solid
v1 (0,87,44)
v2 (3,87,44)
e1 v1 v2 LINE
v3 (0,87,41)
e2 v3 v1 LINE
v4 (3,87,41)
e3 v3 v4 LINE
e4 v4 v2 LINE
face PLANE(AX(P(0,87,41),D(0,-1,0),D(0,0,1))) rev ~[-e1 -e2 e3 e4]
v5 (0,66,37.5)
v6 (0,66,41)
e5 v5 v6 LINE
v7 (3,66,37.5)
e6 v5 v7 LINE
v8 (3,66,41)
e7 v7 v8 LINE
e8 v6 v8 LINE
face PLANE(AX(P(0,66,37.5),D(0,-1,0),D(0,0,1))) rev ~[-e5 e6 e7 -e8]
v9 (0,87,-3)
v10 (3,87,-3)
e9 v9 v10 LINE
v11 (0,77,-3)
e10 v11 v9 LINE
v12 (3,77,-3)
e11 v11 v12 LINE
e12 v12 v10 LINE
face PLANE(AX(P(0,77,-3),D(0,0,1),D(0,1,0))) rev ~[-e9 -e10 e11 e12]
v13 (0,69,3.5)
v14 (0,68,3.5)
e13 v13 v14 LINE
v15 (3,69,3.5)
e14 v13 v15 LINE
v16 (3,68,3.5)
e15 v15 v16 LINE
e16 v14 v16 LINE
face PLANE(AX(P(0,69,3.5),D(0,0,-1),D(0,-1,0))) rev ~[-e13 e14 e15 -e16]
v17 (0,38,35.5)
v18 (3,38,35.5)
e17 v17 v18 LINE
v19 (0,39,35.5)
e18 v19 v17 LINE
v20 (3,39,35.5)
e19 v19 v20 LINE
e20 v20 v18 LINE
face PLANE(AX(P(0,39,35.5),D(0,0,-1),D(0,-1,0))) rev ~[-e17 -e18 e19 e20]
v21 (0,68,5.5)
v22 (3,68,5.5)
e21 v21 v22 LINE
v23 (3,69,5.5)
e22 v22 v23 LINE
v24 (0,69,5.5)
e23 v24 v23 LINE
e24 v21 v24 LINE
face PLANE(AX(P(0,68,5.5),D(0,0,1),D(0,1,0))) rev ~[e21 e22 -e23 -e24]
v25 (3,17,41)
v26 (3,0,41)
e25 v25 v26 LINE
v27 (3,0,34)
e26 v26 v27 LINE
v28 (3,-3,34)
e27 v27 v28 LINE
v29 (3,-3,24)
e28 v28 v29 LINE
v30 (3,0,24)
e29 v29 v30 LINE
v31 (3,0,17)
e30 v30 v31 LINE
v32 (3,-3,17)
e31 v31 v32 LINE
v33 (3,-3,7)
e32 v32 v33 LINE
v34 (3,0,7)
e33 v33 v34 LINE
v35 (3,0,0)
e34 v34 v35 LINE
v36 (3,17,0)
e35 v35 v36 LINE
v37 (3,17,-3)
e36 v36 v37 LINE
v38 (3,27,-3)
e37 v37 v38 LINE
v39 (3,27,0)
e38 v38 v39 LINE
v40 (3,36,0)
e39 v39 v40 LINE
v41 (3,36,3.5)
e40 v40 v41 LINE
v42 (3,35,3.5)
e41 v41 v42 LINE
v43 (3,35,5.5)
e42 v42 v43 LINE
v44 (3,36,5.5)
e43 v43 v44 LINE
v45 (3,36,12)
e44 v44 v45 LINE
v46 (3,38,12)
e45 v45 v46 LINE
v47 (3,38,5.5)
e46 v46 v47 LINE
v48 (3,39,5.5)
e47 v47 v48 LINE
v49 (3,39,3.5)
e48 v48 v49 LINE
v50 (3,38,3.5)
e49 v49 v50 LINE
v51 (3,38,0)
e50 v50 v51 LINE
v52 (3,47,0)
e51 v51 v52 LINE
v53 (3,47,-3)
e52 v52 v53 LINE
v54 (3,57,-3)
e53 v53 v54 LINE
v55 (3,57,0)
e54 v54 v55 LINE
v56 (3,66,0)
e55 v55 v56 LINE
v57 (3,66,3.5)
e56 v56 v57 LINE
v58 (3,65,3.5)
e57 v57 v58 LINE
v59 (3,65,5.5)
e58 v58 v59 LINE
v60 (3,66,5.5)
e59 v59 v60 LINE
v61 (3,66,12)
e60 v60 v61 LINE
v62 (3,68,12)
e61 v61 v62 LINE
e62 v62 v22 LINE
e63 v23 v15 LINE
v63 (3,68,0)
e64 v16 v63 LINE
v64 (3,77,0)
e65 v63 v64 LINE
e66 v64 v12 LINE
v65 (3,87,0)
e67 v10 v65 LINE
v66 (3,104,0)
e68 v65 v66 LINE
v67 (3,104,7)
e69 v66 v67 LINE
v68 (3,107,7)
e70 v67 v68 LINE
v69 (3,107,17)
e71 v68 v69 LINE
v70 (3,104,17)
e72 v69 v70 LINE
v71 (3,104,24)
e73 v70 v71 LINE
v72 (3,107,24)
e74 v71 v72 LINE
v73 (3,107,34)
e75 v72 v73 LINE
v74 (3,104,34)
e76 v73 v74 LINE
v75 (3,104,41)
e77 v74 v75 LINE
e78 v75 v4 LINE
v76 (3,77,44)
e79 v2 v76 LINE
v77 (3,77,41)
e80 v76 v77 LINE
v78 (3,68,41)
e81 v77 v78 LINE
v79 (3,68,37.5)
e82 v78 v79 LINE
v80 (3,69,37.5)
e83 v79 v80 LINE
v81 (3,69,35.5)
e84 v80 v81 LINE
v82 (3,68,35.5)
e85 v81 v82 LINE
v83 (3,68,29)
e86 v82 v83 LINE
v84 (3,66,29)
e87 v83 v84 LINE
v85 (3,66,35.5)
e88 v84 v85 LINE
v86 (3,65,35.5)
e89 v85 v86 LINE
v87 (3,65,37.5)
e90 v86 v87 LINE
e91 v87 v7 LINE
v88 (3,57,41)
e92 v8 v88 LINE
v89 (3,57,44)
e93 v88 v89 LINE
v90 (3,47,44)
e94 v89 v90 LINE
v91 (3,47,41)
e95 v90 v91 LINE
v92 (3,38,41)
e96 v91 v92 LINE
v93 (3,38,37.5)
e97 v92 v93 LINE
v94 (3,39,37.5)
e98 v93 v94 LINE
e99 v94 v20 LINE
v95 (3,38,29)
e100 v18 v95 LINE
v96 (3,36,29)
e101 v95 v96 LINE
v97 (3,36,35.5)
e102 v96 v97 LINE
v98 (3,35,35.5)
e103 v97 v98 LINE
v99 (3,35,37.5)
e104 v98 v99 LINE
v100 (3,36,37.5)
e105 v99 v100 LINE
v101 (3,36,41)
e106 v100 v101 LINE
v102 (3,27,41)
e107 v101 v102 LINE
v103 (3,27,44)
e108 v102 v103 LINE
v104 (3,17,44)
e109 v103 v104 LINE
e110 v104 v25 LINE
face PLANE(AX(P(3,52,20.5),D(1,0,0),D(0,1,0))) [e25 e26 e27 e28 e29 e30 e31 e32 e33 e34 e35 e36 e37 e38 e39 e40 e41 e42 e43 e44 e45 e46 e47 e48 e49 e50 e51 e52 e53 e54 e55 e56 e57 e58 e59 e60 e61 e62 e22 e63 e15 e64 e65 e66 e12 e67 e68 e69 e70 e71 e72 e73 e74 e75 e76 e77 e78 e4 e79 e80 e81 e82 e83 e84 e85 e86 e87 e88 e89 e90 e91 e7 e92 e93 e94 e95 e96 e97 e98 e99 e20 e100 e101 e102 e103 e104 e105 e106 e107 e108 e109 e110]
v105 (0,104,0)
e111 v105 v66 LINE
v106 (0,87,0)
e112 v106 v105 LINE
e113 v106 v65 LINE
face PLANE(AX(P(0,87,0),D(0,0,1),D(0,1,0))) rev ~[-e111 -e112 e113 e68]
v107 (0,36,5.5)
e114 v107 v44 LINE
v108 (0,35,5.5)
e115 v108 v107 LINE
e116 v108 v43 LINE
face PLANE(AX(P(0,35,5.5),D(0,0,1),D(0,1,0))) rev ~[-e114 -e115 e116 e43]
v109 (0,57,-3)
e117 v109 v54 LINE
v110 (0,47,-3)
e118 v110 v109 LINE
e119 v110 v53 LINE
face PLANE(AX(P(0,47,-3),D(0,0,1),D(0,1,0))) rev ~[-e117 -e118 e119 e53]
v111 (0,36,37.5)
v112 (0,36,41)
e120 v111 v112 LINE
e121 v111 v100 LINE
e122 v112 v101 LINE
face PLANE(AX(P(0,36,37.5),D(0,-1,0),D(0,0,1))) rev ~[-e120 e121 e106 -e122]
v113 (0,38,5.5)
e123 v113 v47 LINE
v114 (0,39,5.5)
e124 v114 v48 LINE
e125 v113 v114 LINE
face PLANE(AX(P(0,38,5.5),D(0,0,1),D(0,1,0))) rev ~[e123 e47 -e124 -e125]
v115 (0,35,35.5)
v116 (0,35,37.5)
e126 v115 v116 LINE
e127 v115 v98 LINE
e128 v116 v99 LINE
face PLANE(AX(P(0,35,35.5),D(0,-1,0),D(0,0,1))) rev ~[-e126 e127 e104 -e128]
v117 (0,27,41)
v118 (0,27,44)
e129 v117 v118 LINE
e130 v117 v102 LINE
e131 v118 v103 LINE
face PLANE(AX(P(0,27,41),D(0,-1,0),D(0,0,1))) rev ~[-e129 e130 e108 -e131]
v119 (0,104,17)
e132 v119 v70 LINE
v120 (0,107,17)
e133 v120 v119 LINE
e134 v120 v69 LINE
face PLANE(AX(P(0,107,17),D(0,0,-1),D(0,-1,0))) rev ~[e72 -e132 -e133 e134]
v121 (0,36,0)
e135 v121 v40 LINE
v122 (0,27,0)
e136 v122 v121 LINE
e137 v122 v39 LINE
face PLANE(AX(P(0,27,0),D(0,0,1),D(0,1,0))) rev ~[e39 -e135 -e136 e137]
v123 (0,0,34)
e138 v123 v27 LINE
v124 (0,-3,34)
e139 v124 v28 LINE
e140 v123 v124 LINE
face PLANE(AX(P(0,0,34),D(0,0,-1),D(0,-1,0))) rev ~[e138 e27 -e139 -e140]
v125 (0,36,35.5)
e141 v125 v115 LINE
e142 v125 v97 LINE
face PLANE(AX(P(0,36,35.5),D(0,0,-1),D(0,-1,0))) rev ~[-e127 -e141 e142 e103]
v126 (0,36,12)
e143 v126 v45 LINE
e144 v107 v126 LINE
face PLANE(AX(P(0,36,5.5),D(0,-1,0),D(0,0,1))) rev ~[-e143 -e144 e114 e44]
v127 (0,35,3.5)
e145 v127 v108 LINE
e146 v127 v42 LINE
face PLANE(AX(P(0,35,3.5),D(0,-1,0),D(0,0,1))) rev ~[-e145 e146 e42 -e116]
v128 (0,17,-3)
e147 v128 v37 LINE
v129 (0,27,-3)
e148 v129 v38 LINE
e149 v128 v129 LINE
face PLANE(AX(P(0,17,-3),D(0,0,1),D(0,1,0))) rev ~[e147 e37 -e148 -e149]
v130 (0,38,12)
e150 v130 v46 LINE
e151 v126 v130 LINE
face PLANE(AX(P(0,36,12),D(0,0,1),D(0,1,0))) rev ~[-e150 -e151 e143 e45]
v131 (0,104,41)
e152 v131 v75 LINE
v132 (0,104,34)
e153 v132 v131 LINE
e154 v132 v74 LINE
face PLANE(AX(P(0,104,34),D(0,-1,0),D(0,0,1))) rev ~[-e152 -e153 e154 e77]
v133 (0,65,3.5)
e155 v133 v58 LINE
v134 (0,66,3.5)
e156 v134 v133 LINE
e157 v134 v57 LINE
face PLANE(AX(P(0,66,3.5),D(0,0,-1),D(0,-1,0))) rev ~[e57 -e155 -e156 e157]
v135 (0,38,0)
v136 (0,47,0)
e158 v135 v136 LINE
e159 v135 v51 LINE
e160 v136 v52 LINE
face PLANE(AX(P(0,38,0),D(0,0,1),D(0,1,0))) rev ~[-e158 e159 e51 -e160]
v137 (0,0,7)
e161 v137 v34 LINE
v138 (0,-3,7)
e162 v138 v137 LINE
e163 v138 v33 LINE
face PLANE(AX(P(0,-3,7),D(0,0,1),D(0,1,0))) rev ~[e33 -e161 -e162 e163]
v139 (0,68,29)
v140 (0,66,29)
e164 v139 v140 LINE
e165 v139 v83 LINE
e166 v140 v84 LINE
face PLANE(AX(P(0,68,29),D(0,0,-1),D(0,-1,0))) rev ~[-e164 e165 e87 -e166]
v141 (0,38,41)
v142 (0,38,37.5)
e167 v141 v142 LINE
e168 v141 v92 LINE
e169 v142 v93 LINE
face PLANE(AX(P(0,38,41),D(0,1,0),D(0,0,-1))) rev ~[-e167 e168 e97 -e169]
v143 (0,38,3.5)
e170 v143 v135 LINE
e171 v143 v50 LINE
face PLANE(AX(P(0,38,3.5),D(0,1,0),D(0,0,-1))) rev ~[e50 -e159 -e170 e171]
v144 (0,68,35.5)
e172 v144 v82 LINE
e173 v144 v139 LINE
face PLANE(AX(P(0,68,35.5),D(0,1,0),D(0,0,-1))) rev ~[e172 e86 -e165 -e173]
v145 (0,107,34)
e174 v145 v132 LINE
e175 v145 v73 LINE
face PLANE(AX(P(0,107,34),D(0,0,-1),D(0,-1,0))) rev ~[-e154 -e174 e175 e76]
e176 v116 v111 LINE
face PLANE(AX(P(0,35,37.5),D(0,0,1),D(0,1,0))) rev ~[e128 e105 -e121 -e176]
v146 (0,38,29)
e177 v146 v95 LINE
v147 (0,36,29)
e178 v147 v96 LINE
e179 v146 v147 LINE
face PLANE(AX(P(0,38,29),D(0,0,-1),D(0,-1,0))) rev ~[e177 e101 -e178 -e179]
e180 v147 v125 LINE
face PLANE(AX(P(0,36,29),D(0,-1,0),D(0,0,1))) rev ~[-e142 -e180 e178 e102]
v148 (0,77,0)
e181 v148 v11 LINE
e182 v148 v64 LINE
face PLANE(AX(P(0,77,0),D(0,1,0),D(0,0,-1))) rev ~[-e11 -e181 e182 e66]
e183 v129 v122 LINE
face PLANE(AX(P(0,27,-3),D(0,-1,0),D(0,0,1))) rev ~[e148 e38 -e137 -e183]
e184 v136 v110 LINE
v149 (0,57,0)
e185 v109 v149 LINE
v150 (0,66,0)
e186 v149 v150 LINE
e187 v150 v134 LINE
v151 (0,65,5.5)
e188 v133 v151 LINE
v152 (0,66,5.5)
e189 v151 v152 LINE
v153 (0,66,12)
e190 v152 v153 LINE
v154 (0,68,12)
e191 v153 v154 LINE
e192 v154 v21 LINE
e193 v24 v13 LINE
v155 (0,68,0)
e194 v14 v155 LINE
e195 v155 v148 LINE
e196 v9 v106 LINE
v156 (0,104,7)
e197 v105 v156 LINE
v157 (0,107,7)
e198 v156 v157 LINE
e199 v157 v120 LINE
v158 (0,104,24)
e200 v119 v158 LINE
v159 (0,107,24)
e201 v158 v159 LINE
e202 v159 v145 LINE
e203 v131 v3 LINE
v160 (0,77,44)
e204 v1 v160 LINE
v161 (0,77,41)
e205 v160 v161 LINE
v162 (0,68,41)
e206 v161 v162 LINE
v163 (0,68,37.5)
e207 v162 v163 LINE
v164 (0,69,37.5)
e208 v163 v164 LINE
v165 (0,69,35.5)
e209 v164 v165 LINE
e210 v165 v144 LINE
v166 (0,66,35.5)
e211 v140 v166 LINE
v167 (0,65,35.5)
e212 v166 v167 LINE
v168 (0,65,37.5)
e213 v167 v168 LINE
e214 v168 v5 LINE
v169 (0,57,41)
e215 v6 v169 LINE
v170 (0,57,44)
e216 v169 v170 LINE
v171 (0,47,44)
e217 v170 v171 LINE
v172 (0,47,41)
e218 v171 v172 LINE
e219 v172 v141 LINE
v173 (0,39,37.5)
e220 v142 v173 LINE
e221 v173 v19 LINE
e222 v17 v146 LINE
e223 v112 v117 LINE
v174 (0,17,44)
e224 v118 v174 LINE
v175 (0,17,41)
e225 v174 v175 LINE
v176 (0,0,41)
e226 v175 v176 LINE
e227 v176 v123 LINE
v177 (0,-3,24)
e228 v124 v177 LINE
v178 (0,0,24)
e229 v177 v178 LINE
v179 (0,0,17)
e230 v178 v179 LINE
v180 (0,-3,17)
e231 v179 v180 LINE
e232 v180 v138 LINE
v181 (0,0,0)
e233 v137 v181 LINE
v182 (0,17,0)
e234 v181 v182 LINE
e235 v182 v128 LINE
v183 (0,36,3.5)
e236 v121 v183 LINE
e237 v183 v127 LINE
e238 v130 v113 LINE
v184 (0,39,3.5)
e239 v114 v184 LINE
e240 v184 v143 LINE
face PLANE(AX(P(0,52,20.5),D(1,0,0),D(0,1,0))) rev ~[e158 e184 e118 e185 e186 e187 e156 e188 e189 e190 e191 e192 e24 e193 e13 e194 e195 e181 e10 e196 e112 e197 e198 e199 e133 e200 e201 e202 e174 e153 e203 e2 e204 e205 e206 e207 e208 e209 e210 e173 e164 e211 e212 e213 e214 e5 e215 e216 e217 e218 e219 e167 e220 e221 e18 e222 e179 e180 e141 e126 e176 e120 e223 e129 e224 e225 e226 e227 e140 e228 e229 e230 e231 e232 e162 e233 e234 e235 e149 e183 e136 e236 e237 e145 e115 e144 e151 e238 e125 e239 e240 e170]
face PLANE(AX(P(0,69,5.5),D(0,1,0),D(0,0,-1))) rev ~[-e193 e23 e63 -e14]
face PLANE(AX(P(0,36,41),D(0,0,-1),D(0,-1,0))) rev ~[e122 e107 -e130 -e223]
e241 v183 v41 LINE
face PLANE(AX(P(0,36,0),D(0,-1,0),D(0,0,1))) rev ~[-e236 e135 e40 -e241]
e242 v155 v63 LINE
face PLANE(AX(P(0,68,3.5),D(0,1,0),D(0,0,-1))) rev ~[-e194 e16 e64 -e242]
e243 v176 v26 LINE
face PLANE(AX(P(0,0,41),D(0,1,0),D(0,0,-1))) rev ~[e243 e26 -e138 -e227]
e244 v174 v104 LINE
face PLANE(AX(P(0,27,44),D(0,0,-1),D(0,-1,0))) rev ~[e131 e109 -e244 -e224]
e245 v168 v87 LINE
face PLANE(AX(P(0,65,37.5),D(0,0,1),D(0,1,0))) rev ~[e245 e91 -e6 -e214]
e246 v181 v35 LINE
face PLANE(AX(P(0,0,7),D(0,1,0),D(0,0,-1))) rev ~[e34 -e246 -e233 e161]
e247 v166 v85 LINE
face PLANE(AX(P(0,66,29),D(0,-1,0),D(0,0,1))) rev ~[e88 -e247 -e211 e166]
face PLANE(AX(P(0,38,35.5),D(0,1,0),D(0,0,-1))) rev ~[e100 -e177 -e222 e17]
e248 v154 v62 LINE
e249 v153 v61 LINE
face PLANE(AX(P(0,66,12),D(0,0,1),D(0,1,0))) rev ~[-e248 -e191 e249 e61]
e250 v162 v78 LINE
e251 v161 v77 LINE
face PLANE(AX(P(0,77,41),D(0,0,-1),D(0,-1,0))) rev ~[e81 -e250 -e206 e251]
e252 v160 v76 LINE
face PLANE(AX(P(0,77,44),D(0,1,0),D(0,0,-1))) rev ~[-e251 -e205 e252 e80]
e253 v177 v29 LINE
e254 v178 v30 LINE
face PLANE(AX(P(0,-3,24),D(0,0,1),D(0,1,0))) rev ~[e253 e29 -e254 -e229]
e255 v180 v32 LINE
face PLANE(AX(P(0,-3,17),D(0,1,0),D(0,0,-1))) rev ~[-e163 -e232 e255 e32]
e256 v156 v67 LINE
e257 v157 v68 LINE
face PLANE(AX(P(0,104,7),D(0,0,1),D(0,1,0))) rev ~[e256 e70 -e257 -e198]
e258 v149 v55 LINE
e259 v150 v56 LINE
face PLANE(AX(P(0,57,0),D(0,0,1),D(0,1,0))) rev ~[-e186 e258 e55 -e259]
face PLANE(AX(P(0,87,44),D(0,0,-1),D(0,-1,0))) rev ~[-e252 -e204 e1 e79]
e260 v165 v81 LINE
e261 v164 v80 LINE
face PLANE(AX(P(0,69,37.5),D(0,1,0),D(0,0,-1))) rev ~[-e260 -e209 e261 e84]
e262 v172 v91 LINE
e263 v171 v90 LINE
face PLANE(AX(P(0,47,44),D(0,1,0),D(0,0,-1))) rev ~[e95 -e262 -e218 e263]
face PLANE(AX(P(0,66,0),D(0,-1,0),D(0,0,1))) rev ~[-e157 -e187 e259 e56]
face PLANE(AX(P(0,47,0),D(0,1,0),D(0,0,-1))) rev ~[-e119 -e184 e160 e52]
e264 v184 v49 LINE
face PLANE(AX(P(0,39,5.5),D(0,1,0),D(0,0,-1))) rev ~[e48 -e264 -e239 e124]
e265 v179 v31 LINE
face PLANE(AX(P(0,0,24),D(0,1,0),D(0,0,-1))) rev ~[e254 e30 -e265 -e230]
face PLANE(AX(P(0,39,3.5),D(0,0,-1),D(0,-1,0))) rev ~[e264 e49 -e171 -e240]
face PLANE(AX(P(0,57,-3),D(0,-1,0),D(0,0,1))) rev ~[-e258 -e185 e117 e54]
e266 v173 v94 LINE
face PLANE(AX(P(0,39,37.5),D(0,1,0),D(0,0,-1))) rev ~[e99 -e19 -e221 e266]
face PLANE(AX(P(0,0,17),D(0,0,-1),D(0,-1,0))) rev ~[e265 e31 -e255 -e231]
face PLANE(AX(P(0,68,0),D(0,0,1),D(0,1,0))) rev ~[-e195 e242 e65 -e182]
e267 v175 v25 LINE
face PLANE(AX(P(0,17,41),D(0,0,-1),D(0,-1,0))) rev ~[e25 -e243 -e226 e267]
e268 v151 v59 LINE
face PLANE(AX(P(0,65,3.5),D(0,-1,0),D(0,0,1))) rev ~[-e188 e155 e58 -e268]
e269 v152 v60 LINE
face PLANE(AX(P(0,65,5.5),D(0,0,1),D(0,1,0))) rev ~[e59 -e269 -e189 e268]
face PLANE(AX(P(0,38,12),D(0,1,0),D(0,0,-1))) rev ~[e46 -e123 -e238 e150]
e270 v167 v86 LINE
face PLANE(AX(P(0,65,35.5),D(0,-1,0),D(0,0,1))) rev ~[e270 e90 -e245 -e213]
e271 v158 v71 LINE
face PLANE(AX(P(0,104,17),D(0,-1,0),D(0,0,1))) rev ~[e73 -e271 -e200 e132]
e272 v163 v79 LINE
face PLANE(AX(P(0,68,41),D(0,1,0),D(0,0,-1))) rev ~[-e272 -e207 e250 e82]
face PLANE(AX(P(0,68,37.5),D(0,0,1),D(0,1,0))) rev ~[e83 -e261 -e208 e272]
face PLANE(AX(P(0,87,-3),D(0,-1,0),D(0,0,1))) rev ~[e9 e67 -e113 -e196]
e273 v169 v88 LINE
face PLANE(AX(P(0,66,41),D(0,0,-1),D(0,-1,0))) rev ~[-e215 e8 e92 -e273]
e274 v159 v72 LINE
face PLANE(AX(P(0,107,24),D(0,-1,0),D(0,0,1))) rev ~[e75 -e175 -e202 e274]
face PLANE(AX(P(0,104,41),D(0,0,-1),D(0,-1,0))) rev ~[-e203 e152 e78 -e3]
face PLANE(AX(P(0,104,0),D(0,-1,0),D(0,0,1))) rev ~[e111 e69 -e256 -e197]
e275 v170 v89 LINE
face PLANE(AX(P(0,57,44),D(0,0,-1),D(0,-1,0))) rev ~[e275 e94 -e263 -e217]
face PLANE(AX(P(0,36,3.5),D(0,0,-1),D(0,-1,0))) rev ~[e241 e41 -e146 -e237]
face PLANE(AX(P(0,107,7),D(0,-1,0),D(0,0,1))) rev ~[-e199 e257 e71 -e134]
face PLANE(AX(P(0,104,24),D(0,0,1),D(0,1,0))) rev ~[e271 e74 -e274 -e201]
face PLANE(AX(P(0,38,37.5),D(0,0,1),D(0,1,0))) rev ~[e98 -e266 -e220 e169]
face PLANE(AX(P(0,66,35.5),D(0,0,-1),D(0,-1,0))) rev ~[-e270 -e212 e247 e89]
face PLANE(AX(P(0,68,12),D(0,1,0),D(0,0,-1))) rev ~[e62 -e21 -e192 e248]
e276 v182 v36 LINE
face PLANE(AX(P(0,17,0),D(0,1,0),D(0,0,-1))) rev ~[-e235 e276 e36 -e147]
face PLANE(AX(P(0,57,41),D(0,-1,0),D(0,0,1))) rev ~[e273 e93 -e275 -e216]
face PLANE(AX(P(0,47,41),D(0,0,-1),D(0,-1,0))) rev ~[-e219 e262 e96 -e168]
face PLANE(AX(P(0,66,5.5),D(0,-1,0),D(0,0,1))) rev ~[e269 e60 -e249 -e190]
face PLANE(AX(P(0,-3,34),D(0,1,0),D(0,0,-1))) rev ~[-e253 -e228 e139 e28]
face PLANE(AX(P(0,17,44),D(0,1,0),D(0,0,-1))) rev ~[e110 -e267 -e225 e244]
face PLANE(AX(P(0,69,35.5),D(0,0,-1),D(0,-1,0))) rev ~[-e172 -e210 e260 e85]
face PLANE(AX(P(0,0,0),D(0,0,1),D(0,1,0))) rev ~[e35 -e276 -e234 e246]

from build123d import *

# Parameters (mm, degrees)
F1_DEPTH = 3


with BuildPart() as f1:
    # F0 (on Right) → F1 (new body)
    with BuildSketch(Plane.YZ):
        Polygon((0, 7), (0, 0), (17, 0), (17, -3), (27, -3), (27, 0), (33.535082, 0), (36, 0), (36, 3.5), (35, 3.5), (35, 5.5), (36, 5.5), (36, 12), (38, 12), (38, 5.5), (39, 5.5), (39, 3.5), (38, 3.5), (38, 0), (38.090959, 0), (47, 0), (47, -3), (52, -3), (57, -3), (57, 0), (65.909041, 0), (66, 0), (66, 3.5), (65, 3.5), (65, 5.5), (66, 5.5), (66, 12), (68, 12), (68, 5.5), (69, 5.5), (69, 3.5), (68, 3.5), (68, 0), (70.464918, 0), (77, 0), (77, -3), (87, -3), (87, 0), (104, 0), (104, 7), (107, 7), (107, 17), (104, 17), (104, 24), (107, 24), (107, 34), (104, 34), (104, 41), (87, 41), (87, 44), (77, 44), (77, 41), (70.464918, 41), (68, 41), (68, 37.5), (69, 37.5), (69, 35.5), (68, 35.5), (68, 29), (66, 29), (66, 35.5), (65, 35.5), (65, 37.5), (66, 37.5), (66, 41), (65.909041, 41), (57, 41), (57, 44), (52, 44), (47, 44), (47, 41), (38.090959, 41), (38, 41), (38, 37.5), (39, 37.5), (39, 35.5), (38, 35.5), (38, 29), (36, 29), (36, 35.5), (35, 35.5), (35, 37.5), (36, 37.5), (36, 41), (33.535082, 41), (27, 41), (27, 44), (17, 44), (17, 41), (0, 41), (0, 34), (-3, 34), (-3, 24), (0, 24), (0, 17), (-3, 17), (-3, 7), align=None)
    extrude(amount=F1_DEPTH)


solid = f1.part
